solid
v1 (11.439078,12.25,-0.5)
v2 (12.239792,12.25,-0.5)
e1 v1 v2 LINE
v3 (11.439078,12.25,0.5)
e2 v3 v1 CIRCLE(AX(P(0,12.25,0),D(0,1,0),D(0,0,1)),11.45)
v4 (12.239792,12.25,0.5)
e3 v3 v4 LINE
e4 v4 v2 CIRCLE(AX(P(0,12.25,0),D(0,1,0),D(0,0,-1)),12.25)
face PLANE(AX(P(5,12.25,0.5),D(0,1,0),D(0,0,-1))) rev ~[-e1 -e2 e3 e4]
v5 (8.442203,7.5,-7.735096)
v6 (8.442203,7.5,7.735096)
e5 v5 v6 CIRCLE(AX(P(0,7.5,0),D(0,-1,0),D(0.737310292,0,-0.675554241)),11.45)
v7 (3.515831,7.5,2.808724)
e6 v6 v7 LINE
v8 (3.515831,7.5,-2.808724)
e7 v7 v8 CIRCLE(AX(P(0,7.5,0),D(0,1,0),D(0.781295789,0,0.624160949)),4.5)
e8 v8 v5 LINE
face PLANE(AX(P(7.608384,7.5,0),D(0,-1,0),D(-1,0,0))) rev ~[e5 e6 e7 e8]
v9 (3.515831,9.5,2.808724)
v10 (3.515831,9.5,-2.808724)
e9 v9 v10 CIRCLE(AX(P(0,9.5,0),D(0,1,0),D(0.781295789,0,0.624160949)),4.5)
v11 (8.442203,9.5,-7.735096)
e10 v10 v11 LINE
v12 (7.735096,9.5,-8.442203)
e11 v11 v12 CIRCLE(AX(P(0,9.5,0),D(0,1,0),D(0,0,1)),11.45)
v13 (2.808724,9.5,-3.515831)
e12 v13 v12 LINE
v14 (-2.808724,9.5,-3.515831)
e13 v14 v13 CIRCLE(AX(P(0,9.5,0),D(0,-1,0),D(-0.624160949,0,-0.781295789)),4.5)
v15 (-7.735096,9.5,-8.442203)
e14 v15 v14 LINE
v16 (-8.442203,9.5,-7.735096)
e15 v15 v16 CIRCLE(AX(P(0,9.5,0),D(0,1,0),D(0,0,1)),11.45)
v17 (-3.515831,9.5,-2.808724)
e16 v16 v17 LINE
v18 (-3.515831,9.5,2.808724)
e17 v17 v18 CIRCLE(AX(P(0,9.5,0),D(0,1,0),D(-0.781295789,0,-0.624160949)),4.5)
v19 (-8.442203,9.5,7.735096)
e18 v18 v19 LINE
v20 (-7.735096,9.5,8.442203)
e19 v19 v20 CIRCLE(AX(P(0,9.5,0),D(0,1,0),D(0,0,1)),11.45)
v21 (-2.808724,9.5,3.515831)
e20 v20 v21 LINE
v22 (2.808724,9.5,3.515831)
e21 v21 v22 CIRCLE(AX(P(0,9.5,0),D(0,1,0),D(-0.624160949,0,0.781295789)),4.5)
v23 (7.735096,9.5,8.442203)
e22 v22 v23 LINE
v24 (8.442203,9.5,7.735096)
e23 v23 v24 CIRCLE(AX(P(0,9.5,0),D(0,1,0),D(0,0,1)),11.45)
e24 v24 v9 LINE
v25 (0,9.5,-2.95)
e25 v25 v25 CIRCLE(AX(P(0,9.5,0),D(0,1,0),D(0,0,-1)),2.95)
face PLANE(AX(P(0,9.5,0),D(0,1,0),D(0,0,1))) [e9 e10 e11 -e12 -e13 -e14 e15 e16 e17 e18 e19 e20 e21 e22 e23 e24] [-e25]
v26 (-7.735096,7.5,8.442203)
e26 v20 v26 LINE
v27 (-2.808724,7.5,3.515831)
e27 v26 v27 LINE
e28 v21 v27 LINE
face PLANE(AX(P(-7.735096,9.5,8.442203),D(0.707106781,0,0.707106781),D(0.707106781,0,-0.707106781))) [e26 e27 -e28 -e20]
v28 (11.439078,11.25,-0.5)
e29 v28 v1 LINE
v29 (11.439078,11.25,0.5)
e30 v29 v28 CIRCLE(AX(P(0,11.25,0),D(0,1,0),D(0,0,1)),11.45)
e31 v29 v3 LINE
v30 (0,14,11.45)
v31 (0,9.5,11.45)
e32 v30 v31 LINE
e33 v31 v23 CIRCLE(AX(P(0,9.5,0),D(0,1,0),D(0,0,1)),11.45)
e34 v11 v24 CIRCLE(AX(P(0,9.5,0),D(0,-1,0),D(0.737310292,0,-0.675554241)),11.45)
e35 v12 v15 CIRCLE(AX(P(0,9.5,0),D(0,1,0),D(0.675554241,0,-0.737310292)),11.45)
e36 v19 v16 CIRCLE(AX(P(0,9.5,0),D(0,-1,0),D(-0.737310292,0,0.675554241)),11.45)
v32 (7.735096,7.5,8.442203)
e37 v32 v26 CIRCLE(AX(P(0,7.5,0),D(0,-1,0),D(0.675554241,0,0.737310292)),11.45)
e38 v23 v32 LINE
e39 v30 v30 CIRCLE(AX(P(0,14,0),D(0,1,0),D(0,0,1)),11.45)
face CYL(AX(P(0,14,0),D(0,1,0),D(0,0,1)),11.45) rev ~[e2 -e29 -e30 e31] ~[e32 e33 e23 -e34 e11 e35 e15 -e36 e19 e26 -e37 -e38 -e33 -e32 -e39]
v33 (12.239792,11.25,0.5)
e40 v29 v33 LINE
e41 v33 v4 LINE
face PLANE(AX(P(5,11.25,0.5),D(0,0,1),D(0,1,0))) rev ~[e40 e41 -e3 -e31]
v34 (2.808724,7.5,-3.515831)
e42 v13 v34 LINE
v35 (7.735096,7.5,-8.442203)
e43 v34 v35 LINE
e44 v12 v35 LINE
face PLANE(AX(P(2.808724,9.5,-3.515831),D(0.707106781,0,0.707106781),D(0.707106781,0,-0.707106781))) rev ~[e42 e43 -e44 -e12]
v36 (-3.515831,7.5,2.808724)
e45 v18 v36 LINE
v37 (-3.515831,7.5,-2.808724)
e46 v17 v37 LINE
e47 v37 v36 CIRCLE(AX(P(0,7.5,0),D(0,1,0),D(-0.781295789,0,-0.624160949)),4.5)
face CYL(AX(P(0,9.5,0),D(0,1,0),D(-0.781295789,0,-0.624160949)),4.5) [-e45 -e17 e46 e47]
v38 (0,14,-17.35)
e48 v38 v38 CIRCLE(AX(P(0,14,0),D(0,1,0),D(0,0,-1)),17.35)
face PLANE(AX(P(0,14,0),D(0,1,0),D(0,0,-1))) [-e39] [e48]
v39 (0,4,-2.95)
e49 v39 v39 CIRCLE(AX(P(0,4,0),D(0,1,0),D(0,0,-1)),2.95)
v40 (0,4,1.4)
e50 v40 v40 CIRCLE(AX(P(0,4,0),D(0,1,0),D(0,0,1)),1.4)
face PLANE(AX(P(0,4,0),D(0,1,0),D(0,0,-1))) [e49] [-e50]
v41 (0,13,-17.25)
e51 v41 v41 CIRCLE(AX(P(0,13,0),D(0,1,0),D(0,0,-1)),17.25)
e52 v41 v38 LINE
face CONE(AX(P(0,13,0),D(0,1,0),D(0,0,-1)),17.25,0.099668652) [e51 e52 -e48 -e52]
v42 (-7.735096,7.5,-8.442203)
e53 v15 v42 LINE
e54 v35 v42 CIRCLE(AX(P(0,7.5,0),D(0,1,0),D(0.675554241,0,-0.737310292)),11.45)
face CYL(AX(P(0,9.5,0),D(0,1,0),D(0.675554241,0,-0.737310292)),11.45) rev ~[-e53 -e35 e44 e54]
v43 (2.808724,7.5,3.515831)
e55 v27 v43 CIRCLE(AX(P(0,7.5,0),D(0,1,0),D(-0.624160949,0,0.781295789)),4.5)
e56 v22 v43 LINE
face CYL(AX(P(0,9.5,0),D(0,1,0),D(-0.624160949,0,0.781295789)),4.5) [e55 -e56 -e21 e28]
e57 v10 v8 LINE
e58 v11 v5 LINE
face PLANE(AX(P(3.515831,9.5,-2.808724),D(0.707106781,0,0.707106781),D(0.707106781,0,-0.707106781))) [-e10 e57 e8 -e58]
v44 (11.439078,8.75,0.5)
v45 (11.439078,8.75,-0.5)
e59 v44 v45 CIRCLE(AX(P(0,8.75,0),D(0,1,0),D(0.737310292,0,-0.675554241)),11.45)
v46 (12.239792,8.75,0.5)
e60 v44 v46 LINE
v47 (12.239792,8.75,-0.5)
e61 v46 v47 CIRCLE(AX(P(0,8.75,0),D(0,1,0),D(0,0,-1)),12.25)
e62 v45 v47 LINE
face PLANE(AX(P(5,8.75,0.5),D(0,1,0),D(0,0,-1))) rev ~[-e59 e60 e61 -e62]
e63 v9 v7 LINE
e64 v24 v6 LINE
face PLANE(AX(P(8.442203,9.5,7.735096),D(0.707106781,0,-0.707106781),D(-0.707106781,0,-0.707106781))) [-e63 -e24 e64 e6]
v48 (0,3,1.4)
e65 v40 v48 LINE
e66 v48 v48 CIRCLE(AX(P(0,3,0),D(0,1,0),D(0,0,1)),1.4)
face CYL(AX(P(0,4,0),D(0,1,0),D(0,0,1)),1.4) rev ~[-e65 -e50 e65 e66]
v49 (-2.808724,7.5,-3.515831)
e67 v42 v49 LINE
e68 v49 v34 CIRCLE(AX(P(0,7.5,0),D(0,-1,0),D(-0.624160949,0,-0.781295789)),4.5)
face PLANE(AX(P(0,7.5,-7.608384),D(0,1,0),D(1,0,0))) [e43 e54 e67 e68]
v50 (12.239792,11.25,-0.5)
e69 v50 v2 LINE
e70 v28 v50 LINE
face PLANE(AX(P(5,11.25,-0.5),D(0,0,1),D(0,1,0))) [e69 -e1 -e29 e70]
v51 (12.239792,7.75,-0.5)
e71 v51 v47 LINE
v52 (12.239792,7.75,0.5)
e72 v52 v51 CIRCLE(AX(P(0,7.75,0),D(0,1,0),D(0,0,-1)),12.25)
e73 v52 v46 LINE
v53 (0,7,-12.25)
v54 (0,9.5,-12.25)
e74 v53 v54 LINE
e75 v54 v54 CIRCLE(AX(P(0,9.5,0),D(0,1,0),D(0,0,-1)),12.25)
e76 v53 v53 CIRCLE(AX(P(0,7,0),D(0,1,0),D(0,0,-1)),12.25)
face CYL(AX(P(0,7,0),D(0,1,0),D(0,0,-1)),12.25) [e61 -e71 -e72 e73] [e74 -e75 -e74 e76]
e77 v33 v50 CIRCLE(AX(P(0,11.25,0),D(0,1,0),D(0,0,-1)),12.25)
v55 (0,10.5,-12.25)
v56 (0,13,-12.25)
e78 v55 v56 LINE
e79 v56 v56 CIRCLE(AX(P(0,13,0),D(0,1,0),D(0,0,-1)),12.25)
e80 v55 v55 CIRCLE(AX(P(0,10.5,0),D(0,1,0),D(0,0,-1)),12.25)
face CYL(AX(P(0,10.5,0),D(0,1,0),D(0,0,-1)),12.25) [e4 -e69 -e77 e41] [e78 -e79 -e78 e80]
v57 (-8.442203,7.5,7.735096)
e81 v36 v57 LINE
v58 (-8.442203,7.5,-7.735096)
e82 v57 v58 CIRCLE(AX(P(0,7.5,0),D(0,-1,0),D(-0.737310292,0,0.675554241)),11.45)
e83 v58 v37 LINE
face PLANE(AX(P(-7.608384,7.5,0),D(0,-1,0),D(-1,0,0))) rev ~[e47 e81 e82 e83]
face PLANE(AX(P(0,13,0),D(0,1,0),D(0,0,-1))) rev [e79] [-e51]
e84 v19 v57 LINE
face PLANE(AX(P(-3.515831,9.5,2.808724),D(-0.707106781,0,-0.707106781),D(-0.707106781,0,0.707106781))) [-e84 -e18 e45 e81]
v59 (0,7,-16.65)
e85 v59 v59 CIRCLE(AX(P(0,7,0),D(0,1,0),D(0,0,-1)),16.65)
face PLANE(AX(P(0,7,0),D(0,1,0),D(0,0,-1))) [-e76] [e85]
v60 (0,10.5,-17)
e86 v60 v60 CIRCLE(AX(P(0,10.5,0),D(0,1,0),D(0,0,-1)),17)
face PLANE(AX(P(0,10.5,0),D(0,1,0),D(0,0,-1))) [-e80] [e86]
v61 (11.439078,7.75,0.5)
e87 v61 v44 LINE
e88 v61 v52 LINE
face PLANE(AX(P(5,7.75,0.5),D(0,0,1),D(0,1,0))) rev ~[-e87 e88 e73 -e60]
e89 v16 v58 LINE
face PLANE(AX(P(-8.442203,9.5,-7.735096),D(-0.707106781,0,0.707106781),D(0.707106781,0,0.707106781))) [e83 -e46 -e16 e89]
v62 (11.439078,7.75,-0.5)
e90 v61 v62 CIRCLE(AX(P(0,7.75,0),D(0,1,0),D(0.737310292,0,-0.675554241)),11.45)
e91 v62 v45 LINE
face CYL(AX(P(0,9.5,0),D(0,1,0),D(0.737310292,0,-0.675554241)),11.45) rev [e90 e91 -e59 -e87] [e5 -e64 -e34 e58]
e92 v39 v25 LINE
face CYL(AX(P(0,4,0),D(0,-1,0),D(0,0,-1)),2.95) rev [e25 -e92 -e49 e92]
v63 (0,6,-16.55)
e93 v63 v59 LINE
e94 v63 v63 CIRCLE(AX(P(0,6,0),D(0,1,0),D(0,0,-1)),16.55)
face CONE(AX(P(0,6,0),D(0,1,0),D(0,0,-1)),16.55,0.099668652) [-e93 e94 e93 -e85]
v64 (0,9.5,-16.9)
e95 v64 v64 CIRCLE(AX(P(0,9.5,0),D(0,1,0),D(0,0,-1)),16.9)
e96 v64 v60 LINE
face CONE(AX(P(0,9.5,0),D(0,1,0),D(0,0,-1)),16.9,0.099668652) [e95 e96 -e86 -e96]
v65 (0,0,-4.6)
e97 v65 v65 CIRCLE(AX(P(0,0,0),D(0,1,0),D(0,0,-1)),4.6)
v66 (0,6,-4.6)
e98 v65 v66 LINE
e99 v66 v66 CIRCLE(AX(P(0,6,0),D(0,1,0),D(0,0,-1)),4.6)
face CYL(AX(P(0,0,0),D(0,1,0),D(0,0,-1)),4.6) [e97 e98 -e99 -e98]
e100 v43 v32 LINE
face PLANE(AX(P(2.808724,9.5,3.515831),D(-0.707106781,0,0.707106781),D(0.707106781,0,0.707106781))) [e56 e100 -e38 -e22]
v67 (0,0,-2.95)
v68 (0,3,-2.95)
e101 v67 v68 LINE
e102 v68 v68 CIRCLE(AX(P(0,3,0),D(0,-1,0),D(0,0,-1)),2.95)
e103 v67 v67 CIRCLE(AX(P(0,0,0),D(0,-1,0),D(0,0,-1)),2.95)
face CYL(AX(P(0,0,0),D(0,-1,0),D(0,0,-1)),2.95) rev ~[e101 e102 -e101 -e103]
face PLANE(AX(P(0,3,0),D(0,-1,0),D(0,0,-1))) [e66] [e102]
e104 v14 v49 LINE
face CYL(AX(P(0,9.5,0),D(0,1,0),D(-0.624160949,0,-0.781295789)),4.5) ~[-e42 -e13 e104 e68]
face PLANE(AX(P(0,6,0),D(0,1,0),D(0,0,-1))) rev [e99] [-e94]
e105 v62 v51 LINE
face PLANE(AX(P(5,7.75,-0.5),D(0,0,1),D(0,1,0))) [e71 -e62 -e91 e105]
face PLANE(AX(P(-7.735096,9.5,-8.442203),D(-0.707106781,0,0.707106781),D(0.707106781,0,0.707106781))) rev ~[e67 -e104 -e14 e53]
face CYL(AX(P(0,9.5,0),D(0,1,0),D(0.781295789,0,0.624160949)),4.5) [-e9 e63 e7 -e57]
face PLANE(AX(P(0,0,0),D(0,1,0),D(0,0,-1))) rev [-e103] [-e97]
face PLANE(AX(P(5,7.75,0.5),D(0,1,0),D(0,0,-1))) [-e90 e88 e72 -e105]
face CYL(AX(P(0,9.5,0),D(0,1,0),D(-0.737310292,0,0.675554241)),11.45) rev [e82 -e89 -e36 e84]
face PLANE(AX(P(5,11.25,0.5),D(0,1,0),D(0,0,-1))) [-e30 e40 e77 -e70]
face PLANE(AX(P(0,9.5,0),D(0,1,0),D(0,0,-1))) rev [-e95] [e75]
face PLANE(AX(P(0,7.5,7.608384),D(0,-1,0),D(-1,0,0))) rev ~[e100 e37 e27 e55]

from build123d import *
from build123d.topology import SkipClean

# Parameters (mm, degrees)
ESQUISSE2_R              = 2.95
ENL_V_MAT_EXTRU_1_DEPTH  = 3
ESQUISSE3_R              = 11.45
ENL_V_MAT_EXTRU_2_DEPTH  = 4.5
ENL_V_MAT_EXTRU_11_DEPTH = 2
ENL_V_START              = -5.5
ESQUISSE4_R              = 2.95
ENL_V_MAT_EXTRU_3_DEPTH  = 5.5
ESQUISSE6_R              = 1.4
ENL_V_MAT_EXTRU_9_DEPTH  = 27.496131793
ENL_V_START_2            = 5
ESQUISSE7_W              = 1
ESQUISSE7_H              = 1
ENL_V_MAT_EXTRU_10_DEPTH = 24.249690264


with BuildPart() as part:
    # Esquisse1 → Révolution1 (revolve)
    with BuildSketch(Plane.XY, mode=Mode.PRIVATE) as r_volution1_sk:
        Polygon((0, 0), (4.6, 0), (4.6, 6), (16.55, 6), (16.65, 7), (12.25, 7), (12.25, 9.5), (16.9, 9.5), (17, 10.5), (12.25, 10.5), (12.25, 13), (17.25, 13), (17.35, 14), (0, 14), align=None)
    revolve(r_volution1_sk.sketch.rotate(Axis((0, 0, 0), (0, 1, 0)), 90), axis=Axis((0, 0, 0), (0, 1, 0)))

    # Esquisse2 → Enlèv. mat.-Extru.1 (cut)
    with BuildSketch(Plane.XZ):
        with Locations(Location((0, 0, 0), (0, 0, 270))):
            Circle(ESQUISSE2_R)
    extrude(amount=-ENL_V_MAT_EXTRU_1_DEPTH, mode=Mode.SUBTRACT)

    # Esquisse3 → Enlèv. mat.-Extru.2 (cut)
    with BuildSketch(Plane(origin=(0, 14, 0), x_dir=(1, 0, 0), z_dir=(0, 1, 0))):
        with Locations(Location((0, 0, 0), (0, 0, 270))):
            Circle(ESQUISSE3_R)
    extrude(amount=-ENL_V_MAT_EXTRU_2_DEPTH, mode=Mode.SUBTRACT)

    # Esquisse8 → Enlèv. mat.-Extru.11 (cut)
    with SkipClean():  # the faces are left unmerged after this step: merging them gives an invalid solid
        with BuildSketch(Plane(origin=(0, 9.5, 0), x_dir=(1, 0, 0), z_dir=(0, 1, 0))):
            with BuildLine():
                Line((2.80872427, 3.515831051), (7.735096064, 8.442202845))
                ThreePointArc((7.735096064, 8.442202845), (0, 11.45), (-7.735096064, 8.442202845))
                Line((-7.735096064, 8.442202845), (-2.80872427, 3.515831051))
                ThreePointArc((-2.80872427, 3.515831051), (0, 4.5), (2.80872427, 3.515831051))
            make_face()
            with BuildLine():
                Line((3.515831051, 2.80872427), (8.442202845, 7.735096064))
                ThreePointArc((8.442202845, 7.735096064), (11.45, 0), (8.442202845, -7.735096064))
                Line((8.442202845, -7.735096064), (3.515831051, -2.80872427))
                ThreePointArc((3.515831051, -2.80872427), (4.5, 0), (3.515831051, 2.80872427))
            make_face()
            with BuildLine():
                Line((2.80872427, -3.515831051), (7.735096064, -8.442202845))
                ThreePointArc((7.735096064, -8.442202845), (0, -11.45), (-7.735096064, -8.442202845))
                Line((-7.735096064, -8.442202845), (-2.80872427, -3.515831051))
                ThreePointArc((-2.80872427, -3.515831051), (0, -4.5), (2.80872427, -3.515831051))
            make_face()
            with BuildLine():
                Line((-3.515831051, -2.80872427), (-8.442202845, -7.735096064))
                ThreePointArc((-8.442202845, -7.735096064), (-11.45, 0), (-8.442202845, 7.735096064))
                Line((-8.442202845, 7.735096064), (-3.515831051, 2.80872427))
                ThreePointArc((-3.515831051, 2.80872427), (-4.5, 0), (-3.515831051, -2.80872427))
            make_face()
        extrude(amount=-ENL_V_MAT_EXTRU_11_DEPTH, mode=Mode.SUBTRACT)

    # Esquisse4 → Enlèv. mat.-Extru.3 (cut)
    with SkipClean():  # the faces are left unmerged after this step: merging them gives an invalid solid
        with BuildSketch(Plane(origin=(0, 9.5, 0), x_dir=(1, 0, 0), z_dir=(0, 1, 0)).offset(ENL_V_START)):
            with Locations(Location((0, 0, 0), (0, 0, 90))):
                Circle(ESQUISSE4_R)
        extrude(amount=ENL_V_MAT_EXTRU_3_DEPTH, mode=Mode.SUBTRACT)

    # Esquisse6 → Enlèv. mat.-Extru.9 (cut, through all)
    with SkipClean():  # the faces are left unmerged after this step: merging them gives an invalid solid
        with BuildSketch(Plane(origin=(0, 4, 0), x_dir=(1, 0, 0), z_dir=(0, 1, 0))):
            with Locations(Location((0, 0, 0), (0, 0, 270))):
                Circle(ESQUISSE6_R)
        extrude(amount=-ENL_V_MAT_EXTRU_9_DEPTH, mode=Mode.SUBTRACT)

    # Esquisse7 → Enlèv. mat.-Extru.10 (cut, through all)
    with BuildSketch(Plane(origin=(0, 0, 0), x_dir=(0, 0, -1), z_dir=(1, 0, 0)).offset(ENL_V_START_2)):
        with Locations((0, 11.75)):
            Rectangle(ESQUISSE7_W, ESQUISSE7_H)
        with Locations((0, 8.25)):
            Rectangle(ESQUISSE7_W, ESQUISSE7_H)
    extrude(amount=ENL_V_MAT_EXTRU_10_DEPTH, mode=Mode.SUBTRACT)


solid = part.part
